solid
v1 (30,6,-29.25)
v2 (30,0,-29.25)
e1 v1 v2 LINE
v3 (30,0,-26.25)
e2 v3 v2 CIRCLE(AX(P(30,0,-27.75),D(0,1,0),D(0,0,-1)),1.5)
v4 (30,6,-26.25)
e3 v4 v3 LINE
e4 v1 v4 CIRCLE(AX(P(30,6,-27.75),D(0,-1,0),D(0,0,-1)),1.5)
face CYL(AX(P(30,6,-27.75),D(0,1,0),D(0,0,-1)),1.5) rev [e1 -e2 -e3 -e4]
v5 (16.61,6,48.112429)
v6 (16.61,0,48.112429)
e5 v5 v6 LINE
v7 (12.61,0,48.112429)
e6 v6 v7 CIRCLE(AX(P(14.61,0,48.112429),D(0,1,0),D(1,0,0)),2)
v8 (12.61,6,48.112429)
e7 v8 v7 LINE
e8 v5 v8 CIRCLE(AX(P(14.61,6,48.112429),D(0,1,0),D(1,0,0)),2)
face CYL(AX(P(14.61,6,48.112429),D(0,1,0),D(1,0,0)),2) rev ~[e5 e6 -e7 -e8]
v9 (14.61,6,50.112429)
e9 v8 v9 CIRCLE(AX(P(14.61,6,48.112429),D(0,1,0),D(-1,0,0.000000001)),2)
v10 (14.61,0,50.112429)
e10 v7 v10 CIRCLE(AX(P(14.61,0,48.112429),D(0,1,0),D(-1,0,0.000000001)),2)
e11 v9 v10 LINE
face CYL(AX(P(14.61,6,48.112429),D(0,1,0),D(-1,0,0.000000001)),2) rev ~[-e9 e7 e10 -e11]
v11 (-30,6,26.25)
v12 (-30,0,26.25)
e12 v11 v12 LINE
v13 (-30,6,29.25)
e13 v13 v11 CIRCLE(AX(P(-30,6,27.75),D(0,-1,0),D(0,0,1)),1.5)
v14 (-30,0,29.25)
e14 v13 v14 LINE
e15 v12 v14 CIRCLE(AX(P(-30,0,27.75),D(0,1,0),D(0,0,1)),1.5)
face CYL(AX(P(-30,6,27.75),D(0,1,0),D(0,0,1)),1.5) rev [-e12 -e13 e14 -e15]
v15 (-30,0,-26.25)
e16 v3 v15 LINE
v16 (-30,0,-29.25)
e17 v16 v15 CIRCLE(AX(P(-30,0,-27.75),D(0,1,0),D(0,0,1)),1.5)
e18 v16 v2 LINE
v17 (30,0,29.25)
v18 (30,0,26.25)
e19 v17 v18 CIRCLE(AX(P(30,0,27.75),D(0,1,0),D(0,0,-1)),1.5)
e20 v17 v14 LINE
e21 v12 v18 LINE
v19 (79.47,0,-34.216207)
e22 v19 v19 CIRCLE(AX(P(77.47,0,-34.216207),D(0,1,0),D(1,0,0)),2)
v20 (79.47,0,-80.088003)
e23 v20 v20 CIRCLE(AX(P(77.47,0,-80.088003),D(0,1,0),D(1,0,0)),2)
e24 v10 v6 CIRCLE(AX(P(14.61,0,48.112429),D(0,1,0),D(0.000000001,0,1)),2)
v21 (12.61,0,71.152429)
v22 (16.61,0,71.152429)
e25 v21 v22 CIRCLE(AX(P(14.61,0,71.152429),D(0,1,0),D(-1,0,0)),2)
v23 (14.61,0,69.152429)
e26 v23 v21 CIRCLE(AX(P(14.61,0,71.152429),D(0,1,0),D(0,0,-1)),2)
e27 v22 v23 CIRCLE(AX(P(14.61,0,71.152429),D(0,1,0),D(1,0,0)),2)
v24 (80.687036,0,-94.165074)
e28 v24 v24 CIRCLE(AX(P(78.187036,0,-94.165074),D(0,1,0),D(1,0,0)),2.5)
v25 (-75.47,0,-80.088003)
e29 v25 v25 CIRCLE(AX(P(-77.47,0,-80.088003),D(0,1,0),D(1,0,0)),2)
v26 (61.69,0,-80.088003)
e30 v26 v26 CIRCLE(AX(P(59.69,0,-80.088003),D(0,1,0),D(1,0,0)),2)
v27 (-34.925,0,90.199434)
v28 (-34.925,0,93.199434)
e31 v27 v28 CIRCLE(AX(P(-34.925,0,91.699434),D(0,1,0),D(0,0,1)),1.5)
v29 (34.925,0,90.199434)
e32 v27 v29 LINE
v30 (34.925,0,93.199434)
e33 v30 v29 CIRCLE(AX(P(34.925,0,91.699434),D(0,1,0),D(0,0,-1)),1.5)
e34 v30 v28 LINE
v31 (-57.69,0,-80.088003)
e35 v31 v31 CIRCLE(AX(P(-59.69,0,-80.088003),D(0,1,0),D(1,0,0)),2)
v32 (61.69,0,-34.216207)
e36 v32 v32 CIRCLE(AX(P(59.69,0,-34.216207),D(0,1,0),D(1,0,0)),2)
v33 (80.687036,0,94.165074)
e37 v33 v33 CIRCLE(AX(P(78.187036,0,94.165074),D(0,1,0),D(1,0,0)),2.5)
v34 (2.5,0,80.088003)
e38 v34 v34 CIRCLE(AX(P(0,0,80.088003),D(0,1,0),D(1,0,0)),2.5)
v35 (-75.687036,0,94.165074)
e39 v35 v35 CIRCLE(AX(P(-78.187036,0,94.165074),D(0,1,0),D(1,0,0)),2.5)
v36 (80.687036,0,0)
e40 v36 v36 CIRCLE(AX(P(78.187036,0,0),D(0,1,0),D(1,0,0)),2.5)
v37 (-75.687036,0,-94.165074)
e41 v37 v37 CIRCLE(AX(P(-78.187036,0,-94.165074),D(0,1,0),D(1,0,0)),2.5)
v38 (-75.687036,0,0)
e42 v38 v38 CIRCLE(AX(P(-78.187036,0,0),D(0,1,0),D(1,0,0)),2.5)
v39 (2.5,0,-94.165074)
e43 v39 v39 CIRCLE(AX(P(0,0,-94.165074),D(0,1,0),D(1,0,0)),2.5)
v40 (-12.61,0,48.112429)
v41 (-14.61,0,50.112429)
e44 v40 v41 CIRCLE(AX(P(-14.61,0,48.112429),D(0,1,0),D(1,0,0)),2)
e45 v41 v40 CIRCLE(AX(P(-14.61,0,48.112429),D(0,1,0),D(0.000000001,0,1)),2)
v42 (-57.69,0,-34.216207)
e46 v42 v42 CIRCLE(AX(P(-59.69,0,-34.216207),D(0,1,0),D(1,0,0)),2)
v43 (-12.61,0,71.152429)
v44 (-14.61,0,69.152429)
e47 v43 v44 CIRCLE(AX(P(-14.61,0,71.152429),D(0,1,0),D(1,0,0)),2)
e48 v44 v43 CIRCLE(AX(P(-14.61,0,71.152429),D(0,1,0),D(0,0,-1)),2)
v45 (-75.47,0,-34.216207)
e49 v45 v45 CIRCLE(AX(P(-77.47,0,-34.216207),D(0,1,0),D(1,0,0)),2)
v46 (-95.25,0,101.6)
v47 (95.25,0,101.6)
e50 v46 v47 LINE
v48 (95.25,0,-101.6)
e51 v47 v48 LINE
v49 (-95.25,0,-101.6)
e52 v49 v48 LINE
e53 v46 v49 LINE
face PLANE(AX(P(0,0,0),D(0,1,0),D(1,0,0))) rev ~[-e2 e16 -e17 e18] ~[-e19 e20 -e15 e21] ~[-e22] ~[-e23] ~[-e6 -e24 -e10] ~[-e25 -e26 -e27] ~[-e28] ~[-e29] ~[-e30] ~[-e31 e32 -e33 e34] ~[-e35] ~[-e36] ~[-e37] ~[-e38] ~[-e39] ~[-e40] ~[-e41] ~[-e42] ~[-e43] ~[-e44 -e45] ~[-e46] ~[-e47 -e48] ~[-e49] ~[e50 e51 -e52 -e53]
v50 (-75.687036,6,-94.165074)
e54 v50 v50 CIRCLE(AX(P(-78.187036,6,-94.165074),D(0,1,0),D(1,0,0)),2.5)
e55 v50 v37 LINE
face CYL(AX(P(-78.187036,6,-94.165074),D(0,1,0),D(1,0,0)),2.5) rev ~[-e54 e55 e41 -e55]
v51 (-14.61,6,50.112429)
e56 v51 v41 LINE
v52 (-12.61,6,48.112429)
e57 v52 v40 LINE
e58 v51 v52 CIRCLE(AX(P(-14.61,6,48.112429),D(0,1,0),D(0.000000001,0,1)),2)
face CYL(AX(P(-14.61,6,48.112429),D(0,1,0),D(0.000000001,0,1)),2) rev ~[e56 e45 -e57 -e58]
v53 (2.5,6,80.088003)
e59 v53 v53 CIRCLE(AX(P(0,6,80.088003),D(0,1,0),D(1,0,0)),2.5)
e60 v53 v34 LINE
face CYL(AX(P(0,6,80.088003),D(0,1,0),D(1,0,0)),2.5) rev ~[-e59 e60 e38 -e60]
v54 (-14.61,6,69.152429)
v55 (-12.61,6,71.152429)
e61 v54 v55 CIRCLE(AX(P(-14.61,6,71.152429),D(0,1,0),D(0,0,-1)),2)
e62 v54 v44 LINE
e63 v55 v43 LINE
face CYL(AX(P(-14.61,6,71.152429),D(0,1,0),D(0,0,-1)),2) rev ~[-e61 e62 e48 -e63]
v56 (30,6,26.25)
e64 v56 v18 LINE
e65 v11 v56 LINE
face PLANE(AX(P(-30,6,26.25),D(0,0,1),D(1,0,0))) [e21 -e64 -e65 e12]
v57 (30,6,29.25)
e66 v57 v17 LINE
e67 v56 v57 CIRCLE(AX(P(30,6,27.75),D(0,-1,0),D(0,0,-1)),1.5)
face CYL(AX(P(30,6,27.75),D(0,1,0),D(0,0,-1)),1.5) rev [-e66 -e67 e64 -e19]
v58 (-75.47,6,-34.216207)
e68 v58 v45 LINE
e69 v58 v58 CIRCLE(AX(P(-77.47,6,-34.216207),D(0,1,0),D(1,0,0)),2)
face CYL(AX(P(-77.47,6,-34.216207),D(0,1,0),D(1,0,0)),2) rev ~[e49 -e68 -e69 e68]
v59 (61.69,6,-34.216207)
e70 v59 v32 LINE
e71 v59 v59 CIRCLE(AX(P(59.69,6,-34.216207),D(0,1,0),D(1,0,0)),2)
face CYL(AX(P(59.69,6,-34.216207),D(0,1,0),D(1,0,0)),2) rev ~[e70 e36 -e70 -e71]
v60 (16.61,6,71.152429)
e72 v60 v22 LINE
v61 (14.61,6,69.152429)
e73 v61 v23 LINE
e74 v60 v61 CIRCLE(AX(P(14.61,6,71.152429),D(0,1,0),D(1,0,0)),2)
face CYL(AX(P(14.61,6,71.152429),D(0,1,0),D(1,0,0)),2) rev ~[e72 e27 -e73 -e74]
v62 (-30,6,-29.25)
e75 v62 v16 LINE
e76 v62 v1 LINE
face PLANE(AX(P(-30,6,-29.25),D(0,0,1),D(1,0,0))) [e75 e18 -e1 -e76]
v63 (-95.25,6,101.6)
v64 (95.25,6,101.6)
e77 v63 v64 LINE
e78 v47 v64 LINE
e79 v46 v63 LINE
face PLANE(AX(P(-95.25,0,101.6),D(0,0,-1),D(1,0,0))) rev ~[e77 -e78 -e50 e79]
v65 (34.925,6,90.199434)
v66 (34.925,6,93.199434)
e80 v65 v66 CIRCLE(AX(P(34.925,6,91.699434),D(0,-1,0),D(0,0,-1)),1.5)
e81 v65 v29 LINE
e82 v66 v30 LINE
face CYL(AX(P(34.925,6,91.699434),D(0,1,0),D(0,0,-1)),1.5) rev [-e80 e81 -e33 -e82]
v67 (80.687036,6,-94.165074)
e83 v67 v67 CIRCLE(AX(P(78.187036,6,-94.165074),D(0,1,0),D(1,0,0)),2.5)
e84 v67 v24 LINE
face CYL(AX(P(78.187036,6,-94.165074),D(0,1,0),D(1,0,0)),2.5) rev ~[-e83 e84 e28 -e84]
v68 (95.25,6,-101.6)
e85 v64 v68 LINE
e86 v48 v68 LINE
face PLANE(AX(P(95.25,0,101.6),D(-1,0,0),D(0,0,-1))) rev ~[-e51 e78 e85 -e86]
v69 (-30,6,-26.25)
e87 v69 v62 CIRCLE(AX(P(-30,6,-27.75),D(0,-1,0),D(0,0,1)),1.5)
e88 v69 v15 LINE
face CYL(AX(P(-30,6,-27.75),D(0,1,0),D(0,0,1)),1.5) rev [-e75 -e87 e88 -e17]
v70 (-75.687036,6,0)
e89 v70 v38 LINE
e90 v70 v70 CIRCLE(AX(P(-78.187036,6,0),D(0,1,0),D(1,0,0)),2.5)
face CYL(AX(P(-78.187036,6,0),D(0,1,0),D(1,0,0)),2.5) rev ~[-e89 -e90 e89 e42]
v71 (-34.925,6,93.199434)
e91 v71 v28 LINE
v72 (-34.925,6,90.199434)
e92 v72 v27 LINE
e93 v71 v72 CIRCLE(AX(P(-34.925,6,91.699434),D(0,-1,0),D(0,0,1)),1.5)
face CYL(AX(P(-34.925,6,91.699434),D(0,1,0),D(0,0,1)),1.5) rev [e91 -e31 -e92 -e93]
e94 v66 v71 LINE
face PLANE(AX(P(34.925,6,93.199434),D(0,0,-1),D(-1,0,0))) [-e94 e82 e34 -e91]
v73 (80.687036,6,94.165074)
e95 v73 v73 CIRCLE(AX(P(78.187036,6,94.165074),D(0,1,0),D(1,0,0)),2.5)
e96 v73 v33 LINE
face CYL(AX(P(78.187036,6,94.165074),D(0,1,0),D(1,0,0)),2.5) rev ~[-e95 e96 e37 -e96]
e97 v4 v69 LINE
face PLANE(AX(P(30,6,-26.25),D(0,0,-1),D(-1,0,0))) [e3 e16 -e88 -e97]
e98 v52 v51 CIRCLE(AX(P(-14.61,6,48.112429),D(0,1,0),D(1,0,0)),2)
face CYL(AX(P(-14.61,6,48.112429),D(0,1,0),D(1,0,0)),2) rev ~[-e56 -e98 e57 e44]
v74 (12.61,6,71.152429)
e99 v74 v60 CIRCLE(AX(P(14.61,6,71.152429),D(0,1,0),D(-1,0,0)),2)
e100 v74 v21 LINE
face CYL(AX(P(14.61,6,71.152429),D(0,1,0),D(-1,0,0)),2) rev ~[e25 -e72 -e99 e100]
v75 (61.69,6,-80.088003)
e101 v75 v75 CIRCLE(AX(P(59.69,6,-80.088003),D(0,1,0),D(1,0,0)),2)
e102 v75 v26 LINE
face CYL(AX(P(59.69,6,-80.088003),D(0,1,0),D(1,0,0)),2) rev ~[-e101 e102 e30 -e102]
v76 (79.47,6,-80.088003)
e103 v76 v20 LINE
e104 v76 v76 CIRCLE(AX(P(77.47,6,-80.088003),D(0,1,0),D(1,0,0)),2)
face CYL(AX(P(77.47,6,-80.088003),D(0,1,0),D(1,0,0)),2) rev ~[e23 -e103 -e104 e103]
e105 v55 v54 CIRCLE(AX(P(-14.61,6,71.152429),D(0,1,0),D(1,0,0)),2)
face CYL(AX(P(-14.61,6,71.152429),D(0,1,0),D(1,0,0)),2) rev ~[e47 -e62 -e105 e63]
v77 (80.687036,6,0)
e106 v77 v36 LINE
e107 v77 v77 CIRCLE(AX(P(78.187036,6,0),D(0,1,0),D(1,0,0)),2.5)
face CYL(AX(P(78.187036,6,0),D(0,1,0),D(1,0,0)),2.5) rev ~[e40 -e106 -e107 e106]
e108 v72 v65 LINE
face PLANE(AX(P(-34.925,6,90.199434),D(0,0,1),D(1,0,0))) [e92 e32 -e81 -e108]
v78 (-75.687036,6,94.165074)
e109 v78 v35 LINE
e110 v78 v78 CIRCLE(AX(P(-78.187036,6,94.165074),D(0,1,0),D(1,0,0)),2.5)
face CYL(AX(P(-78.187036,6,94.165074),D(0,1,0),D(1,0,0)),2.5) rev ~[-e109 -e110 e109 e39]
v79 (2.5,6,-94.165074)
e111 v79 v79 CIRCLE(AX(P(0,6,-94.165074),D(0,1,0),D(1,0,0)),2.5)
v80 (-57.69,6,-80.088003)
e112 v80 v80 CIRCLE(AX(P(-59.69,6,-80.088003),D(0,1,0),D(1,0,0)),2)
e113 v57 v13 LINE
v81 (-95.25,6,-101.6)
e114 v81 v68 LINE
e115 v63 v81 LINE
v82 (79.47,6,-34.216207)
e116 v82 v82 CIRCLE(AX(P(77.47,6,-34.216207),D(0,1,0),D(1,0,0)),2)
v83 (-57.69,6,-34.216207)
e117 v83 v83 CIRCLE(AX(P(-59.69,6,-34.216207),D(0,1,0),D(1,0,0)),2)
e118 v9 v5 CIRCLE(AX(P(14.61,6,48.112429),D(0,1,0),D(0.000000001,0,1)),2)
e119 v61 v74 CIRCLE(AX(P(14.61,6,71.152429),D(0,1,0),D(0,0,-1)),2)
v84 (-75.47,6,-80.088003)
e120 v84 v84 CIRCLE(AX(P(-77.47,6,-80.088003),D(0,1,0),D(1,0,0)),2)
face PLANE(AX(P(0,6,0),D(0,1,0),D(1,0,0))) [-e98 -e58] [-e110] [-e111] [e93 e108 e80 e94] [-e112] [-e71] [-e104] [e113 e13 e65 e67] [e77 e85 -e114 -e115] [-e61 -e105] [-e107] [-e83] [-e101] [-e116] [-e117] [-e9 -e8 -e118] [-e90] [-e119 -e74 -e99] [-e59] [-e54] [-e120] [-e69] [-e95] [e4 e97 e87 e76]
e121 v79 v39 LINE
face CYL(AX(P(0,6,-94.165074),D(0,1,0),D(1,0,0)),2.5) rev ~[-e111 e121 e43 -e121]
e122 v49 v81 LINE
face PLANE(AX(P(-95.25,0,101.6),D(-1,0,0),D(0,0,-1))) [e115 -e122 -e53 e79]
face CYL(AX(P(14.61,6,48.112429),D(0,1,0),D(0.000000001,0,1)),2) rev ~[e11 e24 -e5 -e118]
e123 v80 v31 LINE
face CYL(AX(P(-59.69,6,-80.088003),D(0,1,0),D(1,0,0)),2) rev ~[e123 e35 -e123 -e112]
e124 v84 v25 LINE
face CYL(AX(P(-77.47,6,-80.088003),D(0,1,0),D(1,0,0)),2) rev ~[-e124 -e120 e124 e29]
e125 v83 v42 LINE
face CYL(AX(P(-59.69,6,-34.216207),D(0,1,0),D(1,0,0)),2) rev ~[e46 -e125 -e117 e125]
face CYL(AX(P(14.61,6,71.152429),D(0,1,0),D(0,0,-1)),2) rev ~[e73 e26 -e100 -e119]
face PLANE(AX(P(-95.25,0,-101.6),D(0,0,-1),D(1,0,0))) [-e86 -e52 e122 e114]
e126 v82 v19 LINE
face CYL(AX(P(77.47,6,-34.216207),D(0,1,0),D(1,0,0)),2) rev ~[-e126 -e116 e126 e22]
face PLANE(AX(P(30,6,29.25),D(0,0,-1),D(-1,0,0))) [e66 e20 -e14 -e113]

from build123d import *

# Parameters (mm, degrees)
SKETCH2_W           = 190.5
SKETCH2_H           = 203.2
BOSS_EXTRUDE1_DEPTH = 6
SKETCH3_R           = 2
CUT_EXTRUDE2_DEPTH  = 6
CUT_EXTRUDE3_DEPTH  = 7
SKETCH5_R           = 2.5
CUT_EXTRUDE6_DEPTH  = 7
CUT_EXTRUDE12_DEPTH = 10
CUT_EXTRUDE13_DEPTH = 7


with BuildPart() as part:
    # Sketch2 → Boss-Extrude1 (new body)
    with BuildSketch(Plane(origin=(0, 0, 0), x_dir=(1, 0, 0), z_dir=(0, 1, 0))):
        Rectangle(SKETCH2_W, SKETCH2_H)
    extrude(amount=BOSS_EXTRUDE1_DEPTH)

    # Sketch3 → Cut-Extrude2 (cut)
    with BuildSketch(Plane(origin=(0, 6, 0), x_dir=(1, 0, 0), z_dir=(0, 1, 0))):
        with Locations((-77.47, 34.216206602)):
            Circle(SKETCH3_R)
        with Locations((-77.47, 80.0880034)):
            Circle(SKETCH3_R)
        with Locations((77.47, 34.216206602)):
            Circle(SKETCH3_R)
        with Locations((77.47, 80.0880034)):
            Circle(SKETCH3_R)
        with Locations((-59.69, 80.0880034)):
            Circle(SKETCH3_R)
        with Locations((-59.69, 34.216206602)):
            Circle(SKETCH3_R)
        with Locations((59.69, 80.0880034)):
            Circle(SKETCH3_R)
        with Locations((59.69, 34.216206602)):
            Circle(SKETCH3_R)
    extrude(amount=-CUT_EXTRUDE2_DEPTH, mode=Mode.SUBTRACT)

    # Sketch4 → Cut-Extrude3 (cut, through all)
    with BuildSketch(Plane(origin=(0, 6, 0), x_dir=(1, 0, 0), z_dir=(0, 1, 0))):
        with BuildLine():
            Line((-34.925, -90.199433694), (34.925, -90.199433694))
            ThreePointArc((34.925, -90.199433694), (36.425, -91.699433694), (34.925, -93.199433694))
            Line((34.925, -93.199433694), (-34.925, -93.199433694))
            ThreePointArc((-34.925, -93.199433694), (-36.425, -91.699433694), (-34.925, -90.199433694))
        make_face()
    extrude(amount=-CUT_EXTRUDE3_DEPTH, mode=Mode.SUBTRACT)

    # Sketch5 → Cut-Extrude6 (cut, through all)
    with BuildSketch(Plane(origin=(0, 6, 0), x_dir=(1, 0, 0), z_dir=(0, 1, 0))):
        with Locations((-78.187036158, 94.165073798)):
            Circle(SKETCH5_R)
        with Locations((0, 94.165073798)):
            Circle(SKETCH5_R)
        with Locations((78.187036158, 0)):
            Circle(SKETCH5_R)
        with Locations((0, -80.0880034)):
            Circle(SKETCH5_R)
        with Locations((-78.187036158, 0)):
            Circle(SKETCH5_R)
        with Locations((78.187036158, 94.165073798)):
            Circle(SKETCH5_R)
        with Locations((-78.187036158, -94.165073798)):
            Circle(SKETCH5_R)
        with Locations((78.187036158, -94.165073798)):
            Circle(SKETCH5_R)
    extrude(amount=-CUT_EXTRUDE6_DEPTH, mode=Mode.SUBTRACT)

    # Sketch8 → Cut-Extrude12 (cut)
    with BuildSketch(Plane(origin=(0, 6, 0), x_dir=(1, 0, 0), z_dir=(0, 1, 0))):
        with BuildLine():
            Line((-30, 29.25), (30, 29.25))
            ThreePointArc((30, 29.25), (31.5, 27.75), (30, 26.25))
            Line((30, 26.25), (-30, 26.25))
            ThreePointArc((-30, 26.25), (-31.5, 27.75), (-30, 29.25))
        make_face()
        with BuildLine():
            Line((-30, -26.25), (30, -26.25))
            ThreePointArc((30, -26.25), (31.5, -27.75), (30, -29.25))
            Line((30, -29.25), (-30, -29.25))
            ThreePointArc((-30, -29.25), (-31.5, -27.75), (-30, -26.25))
        make_face()
    extrude(amount=-CUT_EXTRUDE12_DEPTH, mode=Mode.SUBTRACT)

    # Sketch9 → Cut-Extrude13 (cut, through all)
    with BuildSketch(Plane(origin=(0, 6, 0), x_dir=(1, 0, 0), z_dir=(0, 1, 0))):
        with BuildLine():
            ThreePointArc((-14.61, -69.152429333), (-16.024213562, -72.566642895), (-12.61, -71.152429333))
            Line((-12.61, -71.152429333), (-14.61, -71.152429333))
            Line((-14.61, -71.152429333), (-14.61, -69.152429333))
        make_face()
        with BuildLine():
            Line((-14.61, -71.152429333), (-12.61, -71.152429333))
            ThreePointArc((-12.61, -71.152429333), (-13.195786438, -69.73821577), (-14.61, -69.152429333))
            Line((-14.61, -69.152429333), (-14.61, -71.152429333))
        make_face()
        with BuildLine():
            ThreePointArc((14.61, -69.152429333), (13.195786438, -69.73821577), (12.61, -71.152429333))
            Line((12.61, -71.152429333), (14.61, -71.152429333))
            Line((14.61, -71.152429333), (14.61, -69.152429333))
        make_face()
        with BuildLine():
            Line((14.61, -71.152429333), (12.61, -71.152429333))
            ThreePointArc((12.61, -71.152429333), (14.61, -73.152429333), (16.61, -71.152429333))
            ThreePointArc((16.61, -71.152429333), (16.024213562, -69.73821577), (14.61, -69.152429333))
            Line((14.61, -69.152429333), (14.61, -71.152429333))
        make_face()
        with BuildLine():
            ThreePointArc((16.61, -48.112429333), (14.61, -46.112429333), (12.61, -48.112429333))
            Line((12.61, -48.112429333), (14.61, -48.112429333))
            Line((14.61, -48.112429333), (14.61, -50.112429333))
            ThreePointArc((14.61, -50.112429333), (16.024213562, -49.526642895), (16.61, -48.112429333))
        make_face()
        with BuildLine():
            Line((14.61, -48.112429333), (12.61, -48.112429333))
            ThreePointArc((12.61, -48.112429333), (13.195786438, -49.526642895), (14.61, -50.112429333))
            Line((14.61, -50.112429333), (14.61, -48.112429333))
        make_face()
        with BuildLine():
            ThreePointArc((-14.61, -50.112429333), (-13.195786438, -49.526642895), (-12.61, -48.112429333))
            Line((-12.61, -48.112429333), (-14.61, -48.112429333))
            Line((-14.61, -48.112429333), (-14.61, -50.112429333))
        make_face()
        with BuildLine():
            Line((-14.61, -48.112429333), (-12.61, -48.112429333))
            ThreePointArc((-12.61, -48.112429333), (-16.024213562, -46.69821577), (-14.61, -50.112429333))
            Line((-14.61, -50.112429333), (-14.61, -48.112429333))
        make_face()
    extrude(amount=-CUT_EXTRUDE13_DEPTH, mode=Mode.SUBTRACT)


solid = part.part
